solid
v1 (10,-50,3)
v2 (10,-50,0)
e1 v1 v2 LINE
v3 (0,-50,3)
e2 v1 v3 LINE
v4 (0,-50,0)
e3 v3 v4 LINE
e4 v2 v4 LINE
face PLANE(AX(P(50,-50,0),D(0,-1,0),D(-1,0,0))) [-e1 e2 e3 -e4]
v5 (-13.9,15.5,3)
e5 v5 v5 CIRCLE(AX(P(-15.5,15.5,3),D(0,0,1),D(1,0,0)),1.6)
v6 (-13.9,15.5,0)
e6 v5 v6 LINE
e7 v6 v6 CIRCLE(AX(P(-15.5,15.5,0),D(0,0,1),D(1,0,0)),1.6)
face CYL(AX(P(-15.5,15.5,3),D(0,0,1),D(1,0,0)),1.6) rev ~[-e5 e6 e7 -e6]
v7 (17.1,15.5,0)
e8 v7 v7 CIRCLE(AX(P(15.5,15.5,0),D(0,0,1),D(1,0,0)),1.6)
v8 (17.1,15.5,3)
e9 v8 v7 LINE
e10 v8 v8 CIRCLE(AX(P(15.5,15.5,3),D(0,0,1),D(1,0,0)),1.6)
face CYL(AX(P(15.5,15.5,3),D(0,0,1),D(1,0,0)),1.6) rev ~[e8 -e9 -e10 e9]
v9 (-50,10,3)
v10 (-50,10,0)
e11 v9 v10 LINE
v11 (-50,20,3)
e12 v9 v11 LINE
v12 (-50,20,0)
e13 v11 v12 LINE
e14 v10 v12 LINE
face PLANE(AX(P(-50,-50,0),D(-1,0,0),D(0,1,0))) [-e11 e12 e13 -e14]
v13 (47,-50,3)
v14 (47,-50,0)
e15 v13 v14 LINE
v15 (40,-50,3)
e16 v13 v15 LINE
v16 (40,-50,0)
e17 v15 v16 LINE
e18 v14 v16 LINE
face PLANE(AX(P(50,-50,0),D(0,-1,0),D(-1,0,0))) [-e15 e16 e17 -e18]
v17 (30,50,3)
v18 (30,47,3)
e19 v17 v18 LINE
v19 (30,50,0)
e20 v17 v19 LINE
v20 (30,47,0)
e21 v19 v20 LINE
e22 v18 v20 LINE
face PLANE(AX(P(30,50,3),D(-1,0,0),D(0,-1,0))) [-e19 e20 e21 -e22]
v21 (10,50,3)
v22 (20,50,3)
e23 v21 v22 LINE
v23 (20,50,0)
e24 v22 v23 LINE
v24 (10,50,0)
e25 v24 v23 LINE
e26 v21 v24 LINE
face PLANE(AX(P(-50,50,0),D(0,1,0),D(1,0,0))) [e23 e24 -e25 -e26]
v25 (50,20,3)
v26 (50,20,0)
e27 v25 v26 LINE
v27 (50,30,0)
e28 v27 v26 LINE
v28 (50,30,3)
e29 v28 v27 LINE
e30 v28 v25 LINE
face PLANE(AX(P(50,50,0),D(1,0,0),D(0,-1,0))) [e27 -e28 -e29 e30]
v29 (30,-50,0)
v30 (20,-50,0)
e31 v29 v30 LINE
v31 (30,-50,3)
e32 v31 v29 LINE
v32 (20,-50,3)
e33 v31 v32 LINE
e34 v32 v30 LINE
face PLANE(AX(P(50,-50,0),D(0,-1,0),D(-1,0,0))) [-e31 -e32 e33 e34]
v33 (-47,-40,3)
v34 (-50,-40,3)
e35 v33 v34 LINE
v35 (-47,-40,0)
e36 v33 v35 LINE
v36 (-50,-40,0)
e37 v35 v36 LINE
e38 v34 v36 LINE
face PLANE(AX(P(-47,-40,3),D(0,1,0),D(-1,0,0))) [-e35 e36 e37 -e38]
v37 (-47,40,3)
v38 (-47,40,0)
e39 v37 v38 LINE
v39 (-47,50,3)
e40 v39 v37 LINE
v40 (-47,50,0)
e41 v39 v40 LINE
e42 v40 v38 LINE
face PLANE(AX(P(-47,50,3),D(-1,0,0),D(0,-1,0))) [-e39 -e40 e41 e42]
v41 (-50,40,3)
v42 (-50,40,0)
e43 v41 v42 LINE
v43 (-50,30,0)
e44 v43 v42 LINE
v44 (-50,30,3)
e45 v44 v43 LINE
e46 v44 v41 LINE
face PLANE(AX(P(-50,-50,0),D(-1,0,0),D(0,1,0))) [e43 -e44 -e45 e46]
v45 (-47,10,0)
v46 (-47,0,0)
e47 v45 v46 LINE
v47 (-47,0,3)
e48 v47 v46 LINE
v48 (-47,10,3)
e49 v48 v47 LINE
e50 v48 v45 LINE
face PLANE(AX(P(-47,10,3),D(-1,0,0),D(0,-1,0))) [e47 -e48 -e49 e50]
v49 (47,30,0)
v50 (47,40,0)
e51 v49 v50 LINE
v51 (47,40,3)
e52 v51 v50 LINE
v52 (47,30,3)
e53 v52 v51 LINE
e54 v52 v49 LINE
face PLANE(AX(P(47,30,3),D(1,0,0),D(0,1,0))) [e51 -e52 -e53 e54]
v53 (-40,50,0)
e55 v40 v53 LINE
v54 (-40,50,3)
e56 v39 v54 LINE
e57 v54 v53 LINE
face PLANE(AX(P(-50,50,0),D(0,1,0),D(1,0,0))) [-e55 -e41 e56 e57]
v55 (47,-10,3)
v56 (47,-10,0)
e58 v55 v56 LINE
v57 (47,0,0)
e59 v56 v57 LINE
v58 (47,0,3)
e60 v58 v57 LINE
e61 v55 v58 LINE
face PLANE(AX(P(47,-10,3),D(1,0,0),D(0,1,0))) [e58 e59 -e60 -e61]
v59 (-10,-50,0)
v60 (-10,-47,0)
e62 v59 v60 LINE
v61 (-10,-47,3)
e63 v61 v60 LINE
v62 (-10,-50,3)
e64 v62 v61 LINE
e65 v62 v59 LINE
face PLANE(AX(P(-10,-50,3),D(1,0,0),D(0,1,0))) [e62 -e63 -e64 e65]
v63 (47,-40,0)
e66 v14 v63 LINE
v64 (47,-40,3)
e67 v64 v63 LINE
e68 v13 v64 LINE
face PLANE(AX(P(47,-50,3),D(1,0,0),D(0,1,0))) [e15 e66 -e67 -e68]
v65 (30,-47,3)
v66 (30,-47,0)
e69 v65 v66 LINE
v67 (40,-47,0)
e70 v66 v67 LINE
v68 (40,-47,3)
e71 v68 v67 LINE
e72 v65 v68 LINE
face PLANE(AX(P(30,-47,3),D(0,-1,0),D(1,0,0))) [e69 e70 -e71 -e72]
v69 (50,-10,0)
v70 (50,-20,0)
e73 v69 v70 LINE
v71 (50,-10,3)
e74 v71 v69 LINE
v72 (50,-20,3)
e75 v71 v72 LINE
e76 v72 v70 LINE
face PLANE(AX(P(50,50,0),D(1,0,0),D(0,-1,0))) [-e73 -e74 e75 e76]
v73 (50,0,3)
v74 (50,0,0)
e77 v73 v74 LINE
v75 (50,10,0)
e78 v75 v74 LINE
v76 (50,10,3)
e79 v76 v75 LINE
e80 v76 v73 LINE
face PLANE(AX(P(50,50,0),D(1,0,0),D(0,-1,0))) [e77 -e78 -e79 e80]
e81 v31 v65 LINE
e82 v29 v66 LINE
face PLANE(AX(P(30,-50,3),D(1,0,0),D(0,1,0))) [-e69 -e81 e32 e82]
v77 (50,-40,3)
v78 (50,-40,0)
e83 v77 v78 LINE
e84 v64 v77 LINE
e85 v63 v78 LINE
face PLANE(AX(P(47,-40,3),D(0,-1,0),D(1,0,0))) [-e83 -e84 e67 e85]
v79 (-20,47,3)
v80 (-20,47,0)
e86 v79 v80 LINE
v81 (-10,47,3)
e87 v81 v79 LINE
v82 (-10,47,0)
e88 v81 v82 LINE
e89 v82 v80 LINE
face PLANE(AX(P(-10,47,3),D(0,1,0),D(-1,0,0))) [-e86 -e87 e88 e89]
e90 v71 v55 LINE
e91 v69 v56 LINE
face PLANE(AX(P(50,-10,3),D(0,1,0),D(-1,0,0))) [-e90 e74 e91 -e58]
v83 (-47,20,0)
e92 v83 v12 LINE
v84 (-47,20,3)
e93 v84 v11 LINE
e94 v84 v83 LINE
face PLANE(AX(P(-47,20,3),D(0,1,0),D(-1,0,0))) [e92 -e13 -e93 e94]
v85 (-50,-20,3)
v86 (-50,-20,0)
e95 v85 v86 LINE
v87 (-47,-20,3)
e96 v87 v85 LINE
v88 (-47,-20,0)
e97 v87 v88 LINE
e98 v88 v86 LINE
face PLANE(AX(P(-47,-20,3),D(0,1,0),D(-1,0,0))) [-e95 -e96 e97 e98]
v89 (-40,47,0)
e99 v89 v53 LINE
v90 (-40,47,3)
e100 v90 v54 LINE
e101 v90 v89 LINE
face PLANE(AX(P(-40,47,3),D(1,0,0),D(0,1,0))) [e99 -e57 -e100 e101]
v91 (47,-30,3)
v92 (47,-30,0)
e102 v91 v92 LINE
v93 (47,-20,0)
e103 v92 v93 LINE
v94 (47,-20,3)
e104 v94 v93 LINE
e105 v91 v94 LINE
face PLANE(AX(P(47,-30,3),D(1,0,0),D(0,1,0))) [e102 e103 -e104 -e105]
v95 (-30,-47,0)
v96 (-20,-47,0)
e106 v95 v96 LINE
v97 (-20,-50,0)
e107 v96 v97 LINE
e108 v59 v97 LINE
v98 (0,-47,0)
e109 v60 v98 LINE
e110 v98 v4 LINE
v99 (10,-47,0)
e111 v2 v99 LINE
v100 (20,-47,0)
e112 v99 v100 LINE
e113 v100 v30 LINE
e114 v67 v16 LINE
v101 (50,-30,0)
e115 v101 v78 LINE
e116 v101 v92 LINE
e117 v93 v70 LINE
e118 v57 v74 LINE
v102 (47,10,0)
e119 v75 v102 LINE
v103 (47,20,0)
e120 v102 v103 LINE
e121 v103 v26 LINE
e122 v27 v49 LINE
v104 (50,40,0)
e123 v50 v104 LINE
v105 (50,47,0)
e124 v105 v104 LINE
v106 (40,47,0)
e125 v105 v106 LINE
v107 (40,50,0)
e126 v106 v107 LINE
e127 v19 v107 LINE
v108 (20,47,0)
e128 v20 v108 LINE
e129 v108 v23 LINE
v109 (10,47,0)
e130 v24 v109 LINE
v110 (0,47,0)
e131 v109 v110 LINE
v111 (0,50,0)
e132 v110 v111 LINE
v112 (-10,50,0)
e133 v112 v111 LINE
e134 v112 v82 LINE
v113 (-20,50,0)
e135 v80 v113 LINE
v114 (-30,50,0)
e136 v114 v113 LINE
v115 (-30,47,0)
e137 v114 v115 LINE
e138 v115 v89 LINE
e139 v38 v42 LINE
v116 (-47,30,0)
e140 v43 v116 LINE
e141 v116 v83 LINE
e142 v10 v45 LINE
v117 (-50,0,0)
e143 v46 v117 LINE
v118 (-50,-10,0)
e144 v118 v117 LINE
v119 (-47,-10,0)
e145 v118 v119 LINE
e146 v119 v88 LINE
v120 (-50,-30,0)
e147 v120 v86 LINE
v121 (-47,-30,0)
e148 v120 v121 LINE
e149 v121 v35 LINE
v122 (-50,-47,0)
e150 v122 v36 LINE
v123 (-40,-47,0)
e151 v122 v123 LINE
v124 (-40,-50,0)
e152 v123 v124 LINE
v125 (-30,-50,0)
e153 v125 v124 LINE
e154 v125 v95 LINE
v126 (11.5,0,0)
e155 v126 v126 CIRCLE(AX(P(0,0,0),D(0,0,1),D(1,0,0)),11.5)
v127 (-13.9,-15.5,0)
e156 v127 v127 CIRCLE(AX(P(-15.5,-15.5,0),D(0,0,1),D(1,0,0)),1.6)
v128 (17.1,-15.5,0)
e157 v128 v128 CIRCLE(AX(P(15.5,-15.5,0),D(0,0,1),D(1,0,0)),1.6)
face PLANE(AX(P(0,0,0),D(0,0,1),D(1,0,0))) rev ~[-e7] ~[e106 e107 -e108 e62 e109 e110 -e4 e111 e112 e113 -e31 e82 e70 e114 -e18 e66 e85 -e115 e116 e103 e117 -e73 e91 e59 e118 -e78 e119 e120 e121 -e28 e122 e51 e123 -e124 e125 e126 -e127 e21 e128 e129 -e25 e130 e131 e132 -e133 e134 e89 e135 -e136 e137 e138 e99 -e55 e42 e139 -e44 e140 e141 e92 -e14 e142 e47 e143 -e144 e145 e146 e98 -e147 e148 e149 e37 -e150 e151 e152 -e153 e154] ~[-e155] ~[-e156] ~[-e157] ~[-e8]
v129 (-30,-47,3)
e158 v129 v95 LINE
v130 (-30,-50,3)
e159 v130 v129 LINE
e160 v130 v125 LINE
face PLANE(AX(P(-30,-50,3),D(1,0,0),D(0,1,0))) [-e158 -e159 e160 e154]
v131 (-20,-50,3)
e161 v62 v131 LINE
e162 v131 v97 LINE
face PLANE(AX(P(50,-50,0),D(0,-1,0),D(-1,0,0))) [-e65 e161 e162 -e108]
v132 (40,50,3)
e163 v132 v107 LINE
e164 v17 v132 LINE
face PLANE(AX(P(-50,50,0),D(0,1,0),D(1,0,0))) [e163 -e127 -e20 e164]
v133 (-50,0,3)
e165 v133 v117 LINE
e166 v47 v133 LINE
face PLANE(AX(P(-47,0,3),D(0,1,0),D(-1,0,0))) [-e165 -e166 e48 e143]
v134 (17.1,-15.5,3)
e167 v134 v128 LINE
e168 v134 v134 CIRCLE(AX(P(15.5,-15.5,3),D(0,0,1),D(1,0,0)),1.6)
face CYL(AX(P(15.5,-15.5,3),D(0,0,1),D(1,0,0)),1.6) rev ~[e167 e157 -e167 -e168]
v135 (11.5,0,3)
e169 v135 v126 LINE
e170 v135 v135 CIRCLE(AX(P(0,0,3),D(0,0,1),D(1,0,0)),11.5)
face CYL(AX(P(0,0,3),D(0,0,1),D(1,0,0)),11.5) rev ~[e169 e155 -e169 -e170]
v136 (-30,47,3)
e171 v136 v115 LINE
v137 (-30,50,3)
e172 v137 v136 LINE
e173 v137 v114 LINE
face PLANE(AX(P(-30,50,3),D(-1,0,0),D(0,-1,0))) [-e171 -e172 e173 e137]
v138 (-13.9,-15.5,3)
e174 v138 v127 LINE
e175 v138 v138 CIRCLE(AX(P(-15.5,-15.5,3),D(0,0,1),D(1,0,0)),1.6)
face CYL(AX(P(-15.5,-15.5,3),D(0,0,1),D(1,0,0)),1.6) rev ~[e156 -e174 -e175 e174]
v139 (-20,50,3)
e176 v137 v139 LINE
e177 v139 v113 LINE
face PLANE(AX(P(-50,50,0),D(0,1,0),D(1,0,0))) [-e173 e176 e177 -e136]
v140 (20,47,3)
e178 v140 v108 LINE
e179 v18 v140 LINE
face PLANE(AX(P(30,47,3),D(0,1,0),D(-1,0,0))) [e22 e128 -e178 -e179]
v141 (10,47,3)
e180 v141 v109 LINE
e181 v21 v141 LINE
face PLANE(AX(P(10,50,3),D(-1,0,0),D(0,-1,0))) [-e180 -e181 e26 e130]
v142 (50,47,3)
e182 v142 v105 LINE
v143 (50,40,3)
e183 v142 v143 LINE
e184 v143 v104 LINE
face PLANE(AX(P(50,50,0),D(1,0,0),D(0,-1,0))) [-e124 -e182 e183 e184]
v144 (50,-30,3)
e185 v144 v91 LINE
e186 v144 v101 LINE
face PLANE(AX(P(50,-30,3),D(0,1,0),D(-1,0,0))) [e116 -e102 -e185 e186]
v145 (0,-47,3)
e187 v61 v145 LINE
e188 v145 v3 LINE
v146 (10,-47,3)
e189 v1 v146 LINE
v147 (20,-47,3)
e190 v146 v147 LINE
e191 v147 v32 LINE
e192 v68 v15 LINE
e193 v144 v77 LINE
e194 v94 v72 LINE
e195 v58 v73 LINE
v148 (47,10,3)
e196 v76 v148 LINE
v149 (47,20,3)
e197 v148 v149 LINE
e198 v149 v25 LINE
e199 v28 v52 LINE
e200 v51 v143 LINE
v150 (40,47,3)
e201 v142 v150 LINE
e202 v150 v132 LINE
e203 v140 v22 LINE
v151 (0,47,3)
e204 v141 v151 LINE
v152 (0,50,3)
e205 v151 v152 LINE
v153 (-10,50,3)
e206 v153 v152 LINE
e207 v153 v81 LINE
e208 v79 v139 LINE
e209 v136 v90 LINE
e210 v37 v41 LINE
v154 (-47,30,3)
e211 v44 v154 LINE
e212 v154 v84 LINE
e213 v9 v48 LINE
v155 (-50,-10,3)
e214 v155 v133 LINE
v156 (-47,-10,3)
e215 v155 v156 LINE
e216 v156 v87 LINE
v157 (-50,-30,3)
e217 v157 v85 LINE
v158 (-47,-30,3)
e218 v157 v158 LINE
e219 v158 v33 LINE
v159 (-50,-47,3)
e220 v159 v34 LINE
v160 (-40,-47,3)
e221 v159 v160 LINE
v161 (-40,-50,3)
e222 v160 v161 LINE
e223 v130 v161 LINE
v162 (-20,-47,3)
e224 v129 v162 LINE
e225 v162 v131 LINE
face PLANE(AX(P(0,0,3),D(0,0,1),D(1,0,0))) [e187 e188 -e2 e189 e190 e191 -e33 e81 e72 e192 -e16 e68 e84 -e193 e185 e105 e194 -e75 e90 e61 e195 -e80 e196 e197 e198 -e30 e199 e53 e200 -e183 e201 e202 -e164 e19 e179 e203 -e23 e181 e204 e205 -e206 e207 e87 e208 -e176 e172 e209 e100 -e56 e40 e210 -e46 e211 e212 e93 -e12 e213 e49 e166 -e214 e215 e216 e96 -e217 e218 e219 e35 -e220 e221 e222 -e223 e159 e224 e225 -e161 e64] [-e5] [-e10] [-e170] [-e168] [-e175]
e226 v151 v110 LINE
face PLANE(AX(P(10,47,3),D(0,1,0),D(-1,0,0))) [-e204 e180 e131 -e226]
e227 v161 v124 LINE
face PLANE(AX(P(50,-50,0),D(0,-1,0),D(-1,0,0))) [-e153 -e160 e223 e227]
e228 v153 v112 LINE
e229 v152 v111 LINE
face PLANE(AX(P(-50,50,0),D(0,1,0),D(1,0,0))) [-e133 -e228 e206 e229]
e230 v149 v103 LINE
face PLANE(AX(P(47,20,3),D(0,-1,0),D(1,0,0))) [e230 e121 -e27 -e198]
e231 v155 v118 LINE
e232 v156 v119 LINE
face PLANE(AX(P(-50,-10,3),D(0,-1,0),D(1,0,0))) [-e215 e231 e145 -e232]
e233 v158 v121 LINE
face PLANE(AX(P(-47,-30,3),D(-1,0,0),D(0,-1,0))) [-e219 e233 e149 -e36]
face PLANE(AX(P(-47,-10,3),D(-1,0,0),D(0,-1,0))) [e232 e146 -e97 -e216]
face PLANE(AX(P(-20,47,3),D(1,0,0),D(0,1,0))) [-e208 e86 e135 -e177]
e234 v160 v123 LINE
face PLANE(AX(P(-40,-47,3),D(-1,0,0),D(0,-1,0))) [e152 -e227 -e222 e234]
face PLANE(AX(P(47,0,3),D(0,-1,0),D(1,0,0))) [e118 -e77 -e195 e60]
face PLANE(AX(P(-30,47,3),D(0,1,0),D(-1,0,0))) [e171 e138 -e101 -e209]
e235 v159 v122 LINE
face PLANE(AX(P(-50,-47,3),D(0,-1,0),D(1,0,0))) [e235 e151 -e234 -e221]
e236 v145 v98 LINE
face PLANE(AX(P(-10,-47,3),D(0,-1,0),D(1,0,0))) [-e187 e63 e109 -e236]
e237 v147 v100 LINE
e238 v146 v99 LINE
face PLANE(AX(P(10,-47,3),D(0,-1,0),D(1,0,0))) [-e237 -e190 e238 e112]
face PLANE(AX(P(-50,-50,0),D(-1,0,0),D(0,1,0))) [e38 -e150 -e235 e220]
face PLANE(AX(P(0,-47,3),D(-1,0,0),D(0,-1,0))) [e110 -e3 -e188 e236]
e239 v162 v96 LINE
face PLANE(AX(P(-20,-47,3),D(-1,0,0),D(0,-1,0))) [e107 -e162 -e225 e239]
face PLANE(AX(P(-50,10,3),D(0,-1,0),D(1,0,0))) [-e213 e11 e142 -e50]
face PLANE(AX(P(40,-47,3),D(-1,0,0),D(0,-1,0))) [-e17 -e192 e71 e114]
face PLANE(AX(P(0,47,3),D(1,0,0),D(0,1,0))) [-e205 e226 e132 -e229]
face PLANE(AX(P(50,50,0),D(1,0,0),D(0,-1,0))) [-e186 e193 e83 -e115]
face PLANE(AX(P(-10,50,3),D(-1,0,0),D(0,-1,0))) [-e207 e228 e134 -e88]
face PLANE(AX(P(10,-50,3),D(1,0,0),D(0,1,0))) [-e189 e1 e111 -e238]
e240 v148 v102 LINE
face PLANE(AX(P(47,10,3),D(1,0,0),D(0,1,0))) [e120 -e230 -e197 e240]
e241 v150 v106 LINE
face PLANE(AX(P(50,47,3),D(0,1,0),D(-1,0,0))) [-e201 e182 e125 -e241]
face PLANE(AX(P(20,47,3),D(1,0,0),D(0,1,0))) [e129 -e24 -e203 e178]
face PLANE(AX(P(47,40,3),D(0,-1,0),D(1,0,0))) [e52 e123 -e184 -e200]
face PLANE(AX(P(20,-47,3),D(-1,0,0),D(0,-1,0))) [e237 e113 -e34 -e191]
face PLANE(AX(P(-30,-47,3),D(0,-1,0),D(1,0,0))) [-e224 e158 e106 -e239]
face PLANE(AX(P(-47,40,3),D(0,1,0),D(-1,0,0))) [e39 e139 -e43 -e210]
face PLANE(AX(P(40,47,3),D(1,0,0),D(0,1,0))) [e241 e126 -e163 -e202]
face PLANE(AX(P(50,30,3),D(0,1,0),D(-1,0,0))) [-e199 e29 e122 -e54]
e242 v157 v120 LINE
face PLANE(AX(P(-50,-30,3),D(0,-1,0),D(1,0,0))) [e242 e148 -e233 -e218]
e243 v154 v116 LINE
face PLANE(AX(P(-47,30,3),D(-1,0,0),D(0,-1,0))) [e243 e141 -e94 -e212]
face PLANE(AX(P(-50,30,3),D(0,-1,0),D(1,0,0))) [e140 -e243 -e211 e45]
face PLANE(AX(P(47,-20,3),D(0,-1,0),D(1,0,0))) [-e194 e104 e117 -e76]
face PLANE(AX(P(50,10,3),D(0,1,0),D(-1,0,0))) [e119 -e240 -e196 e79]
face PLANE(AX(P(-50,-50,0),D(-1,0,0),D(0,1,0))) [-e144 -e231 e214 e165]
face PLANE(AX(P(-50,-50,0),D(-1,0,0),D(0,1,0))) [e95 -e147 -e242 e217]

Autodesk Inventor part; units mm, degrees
ref_plane "YZ Plane" through (0, 0, 0) normal (1, 0, 0) x (0, 1, 0)
ref_plane "XZ Plane" through (0, 0, 0) normal (0, 1, 0) x (-1, 0, 0)
ref_plane "XY Plane" through (0, 0, 0) normal (0, 0, 1) x (1, 0, 0)
sketch "Sketch1" plane through (0, 0, 0) normal (0, 0, 1) x (1, 0, 0)
  line L0 (50, -50) -> (-50, -50)
  line L1 (-50, -50) -> (-50, 50)
  line L2 (-50, 50) -> (50, 50)
  line L3 (50, 50) -> (50, -50)
  line L4 (50, -50) -> (-50, 50) construction
  line L5 (-50, -50) -> (50, 50) construction
  point P0 (0, 0)
  dimension "d0" = 100
extrude "Extrusion1" add sketch "Sketch1" along normal blind 3
sketch "Sketch2" plane through (0, 0, 3) normal (0, 0, 1) x (1, 0, 0)
  line L0 (-50, 50) -> (-50, -50) construction
  line L1 (-47, 40) -> (-50, 40)
  line L2 (-50, 40) -> (-50, 50)
  line L3 (-50, 50) -> (-47, 50)
  line L4 (-47, 50) -> (-47, 40)
  line L5 (-47, 40) -> (-50, 50) construction
  line L6 (-50, 40) -> (-47, 50) construction
  point P0 (0, 0)
  point P1 (-48.5, 45)
  dimension "d3" = 10
  dimension "d4" = 3
extrude "Extrusion2" cut sketch "Sketch2" against normal through all
pattern_linear "Rectangular Pattern1" count 5 spacing 20 along (0, -1, 0) of "Extrusion2"
pattern_circular "Circular Pattern1" count 4 over 360 about axis through (0, 0, -10) along (0, 0, 1) of "Extrusion2", "Rectangular Pattern1"
sketch "Sketch3" plane through (0, 0, 3) normal (0, 0, 1) x (1, 0, 0)
  line L0 (15.5, -15.5) -> (-15.5, -15.5) construction
  line L1 (-15.5, -15.5) -> (-15.5, 15.5) construction
  line L2 (-15.5, 15.5) -> (15.5, 15.5) construction
  line L3 (15.5, 15.5) -> (15.5, -15.5) construction
  line L4 (15.5, -15.5) -> (-15.5, 15.5) construction
  line L5 (-15.5, -15.5) -> (15.5, 15.5) construction
  circle A0 centre (-15.5, 15.5) radius 1.6
  circle A1 centre (-15.5, -15.5) radius 1.6
  circle A2 centre (15.5, -15.5) radius 1.6
  circle A3 centre (15.5, 15.5) radius 1.6
  circle A4 centre (0, 0) radius 11.5
  dimension "d13" = 31
  dimension "d14" = 3.2
  dimension "d17" = 23
extrude "Extrusion3" cut sketch "Sketch3" against normal through all
properties part number "Base"
